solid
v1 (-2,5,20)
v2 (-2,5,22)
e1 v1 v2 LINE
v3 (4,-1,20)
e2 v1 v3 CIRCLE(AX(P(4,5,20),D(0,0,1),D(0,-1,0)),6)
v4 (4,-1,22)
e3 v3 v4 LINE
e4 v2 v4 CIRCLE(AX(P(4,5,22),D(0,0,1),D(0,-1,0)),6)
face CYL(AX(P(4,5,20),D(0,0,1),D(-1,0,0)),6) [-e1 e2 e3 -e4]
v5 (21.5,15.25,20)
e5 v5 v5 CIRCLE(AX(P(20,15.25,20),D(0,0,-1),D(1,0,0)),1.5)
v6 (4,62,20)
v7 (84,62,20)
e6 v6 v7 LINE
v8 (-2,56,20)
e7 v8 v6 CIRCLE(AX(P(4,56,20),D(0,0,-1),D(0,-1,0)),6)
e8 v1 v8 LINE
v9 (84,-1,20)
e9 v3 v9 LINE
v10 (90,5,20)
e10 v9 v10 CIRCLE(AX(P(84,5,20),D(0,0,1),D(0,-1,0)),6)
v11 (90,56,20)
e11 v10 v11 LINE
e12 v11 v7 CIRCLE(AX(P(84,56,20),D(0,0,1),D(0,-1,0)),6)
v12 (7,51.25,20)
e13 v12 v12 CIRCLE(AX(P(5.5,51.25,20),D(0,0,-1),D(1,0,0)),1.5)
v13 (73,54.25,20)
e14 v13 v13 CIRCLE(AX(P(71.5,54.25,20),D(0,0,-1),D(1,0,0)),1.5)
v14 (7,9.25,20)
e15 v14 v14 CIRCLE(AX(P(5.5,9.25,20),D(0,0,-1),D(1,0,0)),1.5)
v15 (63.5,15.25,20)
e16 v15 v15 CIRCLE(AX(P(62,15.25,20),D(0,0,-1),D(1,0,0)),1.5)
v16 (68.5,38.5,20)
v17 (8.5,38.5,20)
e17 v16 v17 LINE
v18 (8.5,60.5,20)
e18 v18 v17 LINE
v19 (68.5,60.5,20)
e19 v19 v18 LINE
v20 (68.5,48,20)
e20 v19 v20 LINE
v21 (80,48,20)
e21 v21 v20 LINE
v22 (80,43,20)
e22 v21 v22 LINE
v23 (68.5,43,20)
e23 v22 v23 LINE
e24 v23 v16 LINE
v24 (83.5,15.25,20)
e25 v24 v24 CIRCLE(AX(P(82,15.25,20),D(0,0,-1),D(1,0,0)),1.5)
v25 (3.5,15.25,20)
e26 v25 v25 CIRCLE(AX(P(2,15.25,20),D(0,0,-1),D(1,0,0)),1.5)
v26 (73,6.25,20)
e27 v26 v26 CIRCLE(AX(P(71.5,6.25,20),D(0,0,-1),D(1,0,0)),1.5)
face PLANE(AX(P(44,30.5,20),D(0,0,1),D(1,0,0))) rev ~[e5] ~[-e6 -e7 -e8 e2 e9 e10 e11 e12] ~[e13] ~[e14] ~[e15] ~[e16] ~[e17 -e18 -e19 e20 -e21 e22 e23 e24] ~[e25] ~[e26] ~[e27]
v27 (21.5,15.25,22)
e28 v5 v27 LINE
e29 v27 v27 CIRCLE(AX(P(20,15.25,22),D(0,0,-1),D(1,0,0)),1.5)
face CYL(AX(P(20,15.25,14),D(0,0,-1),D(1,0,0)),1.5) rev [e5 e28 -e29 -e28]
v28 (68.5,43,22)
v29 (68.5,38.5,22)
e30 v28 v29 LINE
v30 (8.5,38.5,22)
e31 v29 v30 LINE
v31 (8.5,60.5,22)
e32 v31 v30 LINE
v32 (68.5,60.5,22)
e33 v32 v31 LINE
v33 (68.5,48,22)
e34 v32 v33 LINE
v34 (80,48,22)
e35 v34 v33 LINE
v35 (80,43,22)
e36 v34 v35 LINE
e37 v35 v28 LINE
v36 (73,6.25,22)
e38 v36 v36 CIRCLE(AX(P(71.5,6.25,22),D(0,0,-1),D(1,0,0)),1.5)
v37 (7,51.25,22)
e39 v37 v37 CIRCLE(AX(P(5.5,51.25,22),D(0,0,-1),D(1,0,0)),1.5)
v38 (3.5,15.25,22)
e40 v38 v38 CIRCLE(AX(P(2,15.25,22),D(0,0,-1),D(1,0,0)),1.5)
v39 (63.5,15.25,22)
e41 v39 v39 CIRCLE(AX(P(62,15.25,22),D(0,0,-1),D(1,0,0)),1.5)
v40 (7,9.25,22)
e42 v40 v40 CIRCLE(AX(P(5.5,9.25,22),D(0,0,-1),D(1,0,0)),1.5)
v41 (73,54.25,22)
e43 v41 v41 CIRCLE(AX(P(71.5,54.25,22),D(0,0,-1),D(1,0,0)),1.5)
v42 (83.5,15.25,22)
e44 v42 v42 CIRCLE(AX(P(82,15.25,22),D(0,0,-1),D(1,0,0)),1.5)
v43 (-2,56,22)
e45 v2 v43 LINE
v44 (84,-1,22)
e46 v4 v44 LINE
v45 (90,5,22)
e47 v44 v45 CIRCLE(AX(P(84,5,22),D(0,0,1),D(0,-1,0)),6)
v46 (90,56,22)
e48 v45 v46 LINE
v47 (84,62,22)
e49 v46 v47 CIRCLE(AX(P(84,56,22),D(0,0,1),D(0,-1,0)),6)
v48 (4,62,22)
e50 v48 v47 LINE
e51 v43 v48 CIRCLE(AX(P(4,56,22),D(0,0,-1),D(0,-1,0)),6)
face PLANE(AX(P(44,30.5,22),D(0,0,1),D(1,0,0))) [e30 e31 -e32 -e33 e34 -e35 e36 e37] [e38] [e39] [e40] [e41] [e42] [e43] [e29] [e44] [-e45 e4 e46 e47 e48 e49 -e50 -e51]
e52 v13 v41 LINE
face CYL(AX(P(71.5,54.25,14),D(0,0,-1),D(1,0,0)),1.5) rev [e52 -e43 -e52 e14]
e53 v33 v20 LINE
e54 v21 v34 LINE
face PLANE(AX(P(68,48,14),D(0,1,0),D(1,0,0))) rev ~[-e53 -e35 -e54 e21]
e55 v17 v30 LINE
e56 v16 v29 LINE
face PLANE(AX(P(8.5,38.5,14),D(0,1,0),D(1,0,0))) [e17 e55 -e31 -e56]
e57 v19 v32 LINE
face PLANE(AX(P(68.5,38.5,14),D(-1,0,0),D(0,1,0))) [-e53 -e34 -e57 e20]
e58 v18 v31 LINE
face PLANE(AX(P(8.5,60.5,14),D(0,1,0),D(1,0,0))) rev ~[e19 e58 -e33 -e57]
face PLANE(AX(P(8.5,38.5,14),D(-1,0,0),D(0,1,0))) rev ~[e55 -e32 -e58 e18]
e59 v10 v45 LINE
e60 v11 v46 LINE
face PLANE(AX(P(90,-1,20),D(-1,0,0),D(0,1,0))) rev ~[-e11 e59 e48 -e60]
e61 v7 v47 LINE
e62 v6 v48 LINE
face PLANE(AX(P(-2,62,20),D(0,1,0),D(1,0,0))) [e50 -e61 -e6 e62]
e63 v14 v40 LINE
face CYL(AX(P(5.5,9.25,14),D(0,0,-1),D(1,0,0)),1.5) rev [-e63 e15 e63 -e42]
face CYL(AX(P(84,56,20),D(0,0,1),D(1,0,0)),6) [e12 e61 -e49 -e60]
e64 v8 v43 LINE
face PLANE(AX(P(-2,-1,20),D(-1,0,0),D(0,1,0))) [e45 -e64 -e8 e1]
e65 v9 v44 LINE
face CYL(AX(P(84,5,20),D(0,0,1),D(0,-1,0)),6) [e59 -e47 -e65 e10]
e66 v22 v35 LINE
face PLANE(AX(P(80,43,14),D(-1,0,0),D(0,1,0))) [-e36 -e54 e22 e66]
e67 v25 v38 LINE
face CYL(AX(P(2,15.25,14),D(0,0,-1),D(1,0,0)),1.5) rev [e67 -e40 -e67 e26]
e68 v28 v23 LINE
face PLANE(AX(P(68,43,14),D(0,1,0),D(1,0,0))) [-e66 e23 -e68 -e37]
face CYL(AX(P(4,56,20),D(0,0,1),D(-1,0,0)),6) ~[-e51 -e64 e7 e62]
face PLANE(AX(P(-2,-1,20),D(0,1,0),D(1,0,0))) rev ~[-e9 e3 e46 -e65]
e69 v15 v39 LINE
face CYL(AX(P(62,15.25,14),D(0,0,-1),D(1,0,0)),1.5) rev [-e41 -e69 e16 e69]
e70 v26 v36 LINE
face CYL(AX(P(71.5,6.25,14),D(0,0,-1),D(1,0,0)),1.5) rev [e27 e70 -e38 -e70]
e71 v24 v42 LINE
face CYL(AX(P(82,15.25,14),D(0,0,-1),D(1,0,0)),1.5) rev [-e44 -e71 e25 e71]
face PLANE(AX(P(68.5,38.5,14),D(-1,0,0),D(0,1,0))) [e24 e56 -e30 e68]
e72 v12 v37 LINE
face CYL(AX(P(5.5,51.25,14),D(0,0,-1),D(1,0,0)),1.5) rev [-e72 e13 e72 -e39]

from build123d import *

# Parameters (mm, degrees)
BOX009_W          = 12
BOX009_H          = 5
BOX009_DEPTH      = 10
BOX008_W          = 60
BOX008_H          = 22
BOX008_DEPTH      = 10
CYLINDER014_R     = 1.5
CYLINDER014_DEPTH = 20
CYLINDER013_R     = 1.5
CYLINDER013_DEPTH = 20
CYLINDER012_R     = 1.5
CYLINDER012_DEPTH = 20
CYLINDER015_R     = 1.5
CYLINDER015_DEPTH = 20
CYLINDER009_R     = 1.5
CYLINDER009_DEPTH = 20
CYLINDER010_R     = 1.5
CYLINDER010_DEPTH = 20
CYLINDER011_R     = 1.5
CYLINDER011_DEPTH = 20
CYLINDER008_R     = 1.5
CYLINDER008_DEPTH = 20
BOX003_W          = 92
BOX003_H          = 63
BOX003_DEPTH      = 2
FILLET001_R       = 6


with BuildPart() as cube006:
    # Box009 → Box009 (new body)
    with BuildSketch(Plane(origin=(68, 43, 20), x_dir=(1, 0, 0), z_dir=(0, 0, 1))):
        with Locations((6, 2.5)):
            Rectangle(BOX009_W, BOX009_H)
    extrude(amount=BOX009_DEPTH)


with BuildPart() as cube005:
    # Box008 → Box008 (new body)
    with BuildSketch(Plane(origin=(8.5, 38.5, 20), x_dir=(1, 0, 0), z_dir=(0, 0, 1))):
        with Locations((30, 11)):
            Rectangle(BOX008_W, BOX008_H)
    extrude(amount=BOX008_DEPTH)


with BuildPart() as cylinder014:
    # Cylinder014 → Cylinder014 (new body)
    with BuildSketch(Plane(origin=(82, 15.25, 20), x_dir=(1, 0, 0), z_dir=(0, 0, 1))):
        Circle(CYLINDER014_R)
    extrude(amount=CYLINDER014_DEPTH)


with BuildPart() as cylinder013:
    # Cylinder013 → Cylinder013 (new body)
    with BuildSketch(Plane(origin=(20, 15.25, 20), x_dir=(1, 0, 0), z_dir=(0, 0, 1))):
        Circle(CYLINDER013_R)
    extrude(amount=CYLINDER013_DEPTH)


with BuildPart() as cylinder012:
    # Cylinder012 → Cylinder012 (new body)
    with BuildSketch(Plane(origin=(2, 15.25, 20), x_dir=(1, 0, 0), z_dir=(0, 0, 1))):
        Circle(CYLINDER012_R)
    extrude(amount=CYLINDER012_DEPTH)


with BuildPart() as fusion003:
    # Cylinder015 → Cylinder015 (new body)
    with BuildSketch(Plane(origin=(62, 15.25, 20), x_dir=(1, 0, 0), z_dir=(0, 0, 1))):
        Circle(CYLINDER015_R)
    extrude(amount=CYLINDER015_DEPTH)

    # Fusion003: union Cylinder014, Cylinder013, Cylinder012
    add(cylinder014.part)
    add(cylinder013.part)
    add(cylinder012.part)


with BuildPart() as cylinder009:
    # Cylinder009 → Cylinder009 (new body)
    with BuildSketch(Plane(origin=(5.5, 9.25, 20), x_dir=(1, 0, 0), z_dir=(0, 0, 1))):
        Circle(CYLINDER009_R)
    extrude(amount=CYLINDER009_DEPTH)


with BuildPart() as cylinder010:
    # Cylinder010 → Cylinder010 (new body)
    with BuildSketch(Plane(origin=(5.5, 51.25, 20), x_dir=(1, 0, 0), z_dir=(0, 0, 1))):
        Circle(CYLINDER010_R)
    extrude(amount=CYLINDER010_DEPTH)


with BuildPart() as cylinder011:
    # Cylinder011 → Cylinder011 (new body)
    with BuildSketch(Plane(origin=(71.5, 54.25, 20), x_dir=(1, 0, 0), z_dir=(0, 0, 1))):
        Circle(CYLINDER011_R)
    extrude(amount=CYLINDER011_DEPTH)


with BuildPart() as fusion002:
    # Cylinder008 → Cylinder008 (new body)
    with BuildSketch(Plane(origin=(71.5, 6.25, 20), x_dir=(1, 0, 0), z_dir=(0, 0, 1))):
        Circle(CYLINDER008_R)
    extrude(amount=CYLINDER008_DEPTH)

    # Fusion002: union Cylinder009, Cylinder010, Cylinder011
    add(cylinder009.part)
    add(cylinder010.part)
    add(cylinder011.part)


with BuildPart() as middle_base:
    # Box003 → Box003 (new body)
    with BuildSketch(Plane(origin=(-2, -1, 0), x_dir=(1, 0, 0), z_dir=(0, 0, 1))):
        with Locations((46, 31.5)):
            Rectangle(BOX003_W, BOX003_H)
    extrude(amount=BOX003_DEPTH)

    # Fillet001
    fillet001_edges = [middle_base.edges().sort_by_distance(p)[0] for p in [
        (-2, -1, 1),
        (-2, 62, 1),
        (90, -1, 1),
        (90, 62, 1),
    ]]
    fillet(fillet001_edges, radius=FILLET001_R)


with BuildPart() as middle_base_1:
    # Fillet001 placement: moved
    add(middle_base.part.moved(Location((0, 0, 26))))

    # Cut002: cut Fusion002
    add(fusion002.part, mode=Mode.SUBTRACT)

    # Cut003: cut Fusion003
    add(fusion003.part, mode=Mode.SUBTRACT)

    # Cut007: cut Cube005
    add(cube005.part, mode=Mode.SUBTRACT)

    # Cut008: cut Cube006
    add(cube006.part, mode=Mode.SUBTRACT)


with BuildPart() as middle_base_2:
    # Cut008 placement: moved
    add(middle_base_1.part.moved(Location((0, 0, -6))))


solid = middle_base_2.part
